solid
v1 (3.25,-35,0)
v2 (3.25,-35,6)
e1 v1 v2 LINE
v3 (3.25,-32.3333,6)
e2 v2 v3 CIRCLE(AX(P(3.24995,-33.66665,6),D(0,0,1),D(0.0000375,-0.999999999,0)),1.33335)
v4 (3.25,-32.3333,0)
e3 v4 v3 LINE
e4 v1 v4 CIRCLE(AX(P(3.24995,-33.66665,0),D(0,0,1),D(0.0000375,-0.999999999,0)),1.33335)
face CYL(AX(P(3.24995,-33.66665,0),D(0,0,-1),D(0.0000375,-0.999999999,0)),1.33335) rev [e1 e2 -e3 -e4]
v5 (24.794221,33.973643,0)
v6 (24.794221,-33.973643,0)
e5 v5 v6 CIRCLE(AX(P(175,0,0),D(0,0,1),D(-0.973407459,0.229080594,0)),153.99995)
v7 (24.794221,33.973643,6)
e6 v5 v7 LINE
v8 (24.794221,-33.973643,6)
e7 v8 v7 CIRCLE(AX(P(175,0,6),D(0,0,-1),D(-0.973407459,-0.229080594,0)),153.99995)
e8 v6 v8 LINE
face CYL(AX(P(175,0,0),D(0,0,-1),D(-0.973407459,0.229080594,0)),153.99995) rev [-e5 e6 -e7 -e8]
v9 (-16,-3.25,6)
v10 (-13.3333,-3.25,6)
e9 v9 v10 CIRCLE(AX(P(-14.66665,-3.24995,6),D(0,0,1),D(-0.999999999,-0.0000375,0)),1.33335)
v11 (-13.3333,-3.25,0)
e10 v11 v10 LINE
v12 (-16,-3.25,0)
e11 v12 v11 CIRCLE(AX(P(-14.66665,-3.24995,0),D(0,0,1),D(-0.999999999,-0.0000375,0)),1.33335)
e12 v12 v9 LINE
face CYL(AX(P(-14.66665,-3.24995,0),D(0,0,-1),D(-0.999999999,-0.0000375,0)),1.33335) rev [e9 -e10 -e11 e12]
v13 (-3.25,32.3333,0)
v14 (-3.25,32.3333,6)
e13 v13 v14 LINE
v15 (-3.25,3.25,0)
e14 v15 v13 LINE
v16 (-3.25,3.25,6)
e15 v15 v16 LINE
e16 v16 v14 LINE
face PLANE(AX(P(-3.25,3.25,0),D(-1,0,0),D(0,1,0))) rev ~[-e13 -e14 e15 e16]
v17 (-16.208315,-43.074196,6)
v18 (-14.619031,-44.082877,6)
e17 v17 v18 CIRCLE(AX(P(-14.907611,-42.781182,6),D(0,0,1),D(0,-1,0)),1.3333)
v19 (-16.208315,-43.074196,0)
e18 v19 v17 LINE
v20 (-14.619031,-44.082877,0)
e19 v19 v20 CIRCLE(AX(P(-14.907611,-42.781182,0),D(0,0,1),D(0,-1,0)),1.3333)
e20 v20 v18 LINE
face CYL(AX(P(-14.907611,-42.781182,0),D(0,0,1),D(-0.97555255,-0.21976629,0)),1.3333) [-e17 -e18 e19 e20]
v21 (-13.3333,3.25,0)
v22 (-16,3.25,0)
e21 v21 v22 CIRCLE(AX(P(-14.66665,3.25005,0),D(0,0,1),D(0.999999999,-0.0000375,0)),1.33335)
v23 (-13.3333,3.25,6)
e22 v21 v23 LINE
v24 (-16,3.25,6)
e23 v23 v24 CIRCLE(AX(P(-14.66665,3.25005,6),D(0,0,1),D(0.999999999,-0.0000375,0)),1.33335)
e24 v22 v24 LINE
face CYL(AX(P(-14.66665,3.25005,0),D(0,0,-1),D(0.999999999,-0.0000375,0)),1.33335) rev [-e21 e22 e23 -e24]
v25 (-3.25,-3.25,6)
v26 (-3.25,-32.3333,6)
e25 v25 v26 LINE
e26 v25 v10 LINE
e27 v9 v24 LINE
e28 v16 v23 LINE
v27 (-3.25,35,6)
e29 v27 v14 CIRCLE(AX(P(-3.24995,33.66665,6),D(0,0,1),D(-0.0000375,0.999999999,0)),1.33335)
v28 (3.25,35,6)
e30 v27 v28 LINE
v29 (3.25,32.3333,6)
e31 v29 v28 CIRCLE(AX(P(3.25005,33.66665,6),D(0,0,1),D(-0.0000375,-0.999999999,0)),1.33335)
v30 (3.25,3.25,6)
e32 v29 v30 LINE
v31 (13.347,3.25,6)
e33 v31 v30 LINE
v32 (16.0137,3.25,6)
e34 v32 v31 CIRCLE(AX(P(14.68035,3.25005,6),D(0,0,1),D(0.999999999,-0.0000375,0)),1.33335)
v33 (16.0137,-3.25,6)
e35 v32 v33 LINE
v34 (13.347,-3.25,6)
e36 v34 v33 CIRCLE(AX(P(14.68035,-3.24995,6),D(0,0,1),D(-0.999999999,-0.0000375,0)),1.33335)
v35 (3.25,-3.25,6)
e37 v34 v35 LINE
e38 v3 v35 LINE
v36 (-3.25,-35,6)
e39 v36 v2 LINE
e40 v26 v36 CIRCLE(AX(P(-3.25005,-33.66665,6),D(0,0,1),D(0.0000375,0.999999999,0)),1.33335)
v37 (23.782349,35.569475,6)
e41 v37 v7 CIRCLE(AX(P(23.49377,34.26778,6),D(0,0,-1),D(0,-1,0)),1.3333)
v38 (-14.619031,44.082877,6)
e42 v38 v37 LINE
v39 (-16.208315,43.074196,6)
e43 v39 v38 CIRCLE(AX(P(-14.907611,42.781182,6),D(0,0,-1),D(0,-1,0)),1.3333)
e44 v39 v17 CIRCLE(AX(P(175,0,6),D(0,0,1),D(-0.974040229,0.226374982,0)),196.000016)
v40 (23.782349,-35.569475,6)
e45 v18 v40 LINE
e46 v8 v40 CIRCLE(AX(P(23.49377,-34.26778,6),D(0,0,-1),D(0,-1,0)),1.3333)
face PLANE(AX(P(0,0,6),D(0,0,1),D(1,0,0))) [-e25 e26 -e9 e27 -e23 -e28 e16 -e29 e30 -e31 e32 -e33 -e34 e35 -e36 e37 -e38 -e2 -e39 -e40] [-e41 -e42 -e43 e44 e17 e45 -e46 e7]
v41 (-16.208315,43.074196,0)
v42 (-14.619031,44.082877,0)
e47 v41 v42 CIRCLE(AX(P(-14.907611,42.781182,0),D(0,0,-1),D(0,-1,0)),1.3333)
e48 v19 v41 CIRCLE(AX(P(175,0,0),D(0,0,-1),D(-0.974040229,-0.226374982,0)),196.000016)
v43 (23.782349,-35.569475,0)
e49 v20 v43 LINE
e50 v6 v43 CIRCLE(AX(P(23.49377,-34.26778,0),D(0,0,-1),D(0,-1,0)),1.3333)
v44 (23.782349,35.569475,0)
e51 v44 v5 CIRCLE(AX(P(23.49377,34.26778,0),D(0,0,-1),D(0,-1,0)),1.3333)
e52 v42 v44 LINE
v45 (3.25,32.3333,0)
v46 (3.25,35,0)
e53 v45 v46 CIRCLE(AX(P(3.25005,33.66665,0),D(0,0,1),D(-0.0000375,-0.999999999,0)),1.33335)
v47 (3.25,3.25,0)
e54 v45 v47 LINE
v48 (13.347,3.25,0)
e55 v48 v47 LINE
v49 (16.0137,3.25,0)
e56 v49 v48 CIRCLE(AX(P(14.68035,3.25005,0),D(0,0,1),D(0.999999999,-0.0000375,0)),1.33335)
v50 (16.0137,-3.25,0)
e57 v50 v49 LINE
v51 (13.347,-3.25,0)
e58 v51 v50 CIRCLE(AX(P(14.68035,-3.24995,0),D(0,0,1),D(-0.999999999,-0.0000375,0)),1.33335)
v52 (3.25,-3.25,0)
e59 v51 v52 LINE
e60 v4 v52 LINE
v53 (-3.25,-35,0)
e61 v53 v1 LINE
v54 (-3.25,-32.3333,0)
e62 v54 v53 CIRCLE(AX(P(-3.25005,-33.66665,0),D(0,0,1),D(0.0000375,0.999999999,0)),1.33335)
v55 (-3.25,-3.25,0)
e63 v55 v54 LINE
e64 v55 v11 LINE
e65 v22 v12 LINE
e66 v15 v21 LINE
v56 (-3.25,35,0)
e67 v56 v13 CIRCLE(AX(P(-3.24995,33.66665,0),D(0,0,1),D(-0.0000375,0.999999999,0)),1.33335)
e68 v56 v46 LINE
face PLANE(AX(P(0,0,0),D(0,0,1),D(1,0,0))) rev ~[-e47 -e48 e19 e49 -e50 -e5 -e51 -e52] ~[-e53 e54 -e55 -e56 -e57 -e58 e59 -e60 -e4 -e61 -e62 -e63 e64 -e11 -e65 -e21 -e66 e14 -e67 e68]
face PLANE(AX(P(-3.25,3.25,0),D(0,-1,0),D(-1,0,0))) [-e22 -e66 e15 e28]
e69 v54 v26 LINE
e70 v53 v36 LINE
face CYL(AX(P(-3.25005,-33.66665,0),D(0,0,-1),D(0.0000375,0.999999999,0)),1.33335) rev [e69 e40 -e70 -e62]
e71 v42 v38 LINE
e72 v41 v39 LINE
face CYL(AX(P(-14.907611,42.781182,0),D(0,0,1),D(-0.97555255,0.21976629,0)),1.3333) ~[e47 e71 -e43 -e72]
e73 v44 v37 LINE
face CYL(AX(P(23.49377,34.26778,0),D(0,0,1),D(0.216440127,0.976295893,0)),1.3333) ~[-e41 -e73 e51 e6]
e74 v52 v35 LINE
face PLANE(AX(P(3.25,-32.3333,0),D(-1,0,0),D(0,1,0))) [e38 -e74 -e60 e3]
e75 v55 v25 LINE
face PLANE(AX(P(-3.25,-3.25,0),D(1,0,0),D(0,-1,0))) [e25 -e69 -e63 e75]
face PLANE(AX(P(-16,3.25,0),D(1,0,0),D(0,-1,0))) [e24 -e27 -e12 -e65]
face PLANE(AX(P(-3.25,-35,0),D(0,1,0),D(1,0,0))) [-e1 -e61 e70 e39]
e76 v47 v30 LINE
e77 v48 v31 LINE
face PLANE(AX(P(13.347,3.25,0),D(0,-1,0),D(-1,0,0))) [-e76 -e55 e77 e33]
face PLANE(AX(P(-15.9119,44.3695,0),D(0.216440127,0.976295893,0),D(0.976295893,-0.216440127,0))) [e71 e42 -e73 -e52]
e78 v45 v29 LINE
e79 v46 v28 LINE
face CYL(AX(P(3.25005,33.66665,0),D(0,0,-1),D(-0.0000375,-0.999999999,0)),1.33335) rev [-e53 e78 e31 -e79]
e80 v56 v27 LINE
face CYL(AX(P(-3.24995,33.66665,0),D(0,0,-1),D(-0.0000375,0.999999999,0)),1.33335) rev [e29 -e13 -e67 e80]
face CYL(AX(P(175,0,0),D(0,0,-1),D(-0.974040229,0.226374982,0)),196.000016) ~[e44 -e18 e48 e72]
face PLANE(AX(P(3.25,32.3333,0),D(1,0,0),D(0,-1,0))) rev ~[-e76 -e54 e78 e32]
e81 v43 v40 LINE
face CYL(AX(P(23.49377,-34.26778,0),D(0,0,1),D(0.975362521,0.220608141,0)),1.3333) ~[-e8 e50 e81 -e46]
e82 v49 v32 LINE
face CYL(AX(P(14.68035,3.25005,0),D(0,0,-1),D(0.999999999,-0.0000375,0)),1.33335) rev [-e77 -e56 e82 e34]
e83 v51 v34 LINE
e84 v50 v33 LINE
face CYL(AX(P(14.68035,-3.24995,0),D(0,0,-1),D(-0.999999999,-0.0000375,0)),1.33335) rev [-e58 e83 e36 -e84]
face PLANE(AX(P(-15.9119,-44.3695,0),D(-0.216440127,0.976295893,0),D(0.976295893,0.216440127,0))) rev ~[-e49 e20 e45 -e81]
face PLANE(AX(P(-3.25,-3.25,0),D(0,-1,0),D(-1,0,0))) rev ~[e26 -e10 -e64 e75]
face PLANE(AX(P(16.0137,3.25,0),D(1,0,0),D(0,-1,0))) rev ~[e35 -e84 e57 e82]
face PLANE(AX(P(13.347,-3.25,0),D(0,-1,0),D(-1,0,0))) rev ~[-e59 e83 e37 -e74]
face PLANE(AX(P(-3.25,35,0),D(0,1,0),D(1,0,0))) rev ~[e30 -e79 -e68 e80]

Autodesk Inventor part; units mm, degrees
ref_plane "YZ Plane" through (0, 0, 0) normal (1, 0, 0) x (0, 1, 0)
ref_plane "XZ Plane" through (0, 0, 0) normal (0, 1, 0) x (-1, 0, 0)
ref_plane "XY Plane" through (0, 0, 0) normal (0, 0, 1) x (1, 0, 0)
sketch "Sketch1" plane through (0, 0, 0) normal (0, 0, 1) x (1, 0, 0)
  line L0 (-3.25, 35) -> (3.25, 35)
  arc A0 (-13.3333, 3.25) -> (-16, 3.25) centre (-14.6667, 3.25) ccw
  arc A1 (16.0137, 3.25) -> (13.347, 3.25) centre (14.6803, 3.25) ccw
  arc A2 (-3.25, 35) -> (-3.25, 32.3333) centre (-3.25, 33.6667) ccw
  arc A3 (3.25, 32.3333) -> (3.25, 35) centre (3.25, 33.6667) ccw
  line L1 (3.25, 32.3333) -> (3.25, 3.25)
  line L2 (-3.25, 3.25) -> (-3.25, 32.3333)
  line L3 (13.347, 3.25) -> (3.25, 3.25)
  line L4 (-3.25, 3.25) -> (-13.3333, 3.25)
  line L5 (-15.9119, 44.3695) -> (25.0953, 35.2784)
  line L6 (-15.9119, -44.3695) -> (25.0953, -35.2784)
  line L7 (107.2341, 51.0746) -> (107.2341, -58.8764)
  arc A4 (-15.9119, 44.3695) -> (-15.9119, -44.3695) centre (175, 0) ccw
  arc A5 (25.0953, 35.2784) -> (25.0953, -35.2784) centre (175, 0) ccw
  line L8 (-24.8255, 0) -> (30.5939, 0)
  line L9 (-16, 3.25) -> (-16, 0)
  line L10 (16.0137, 3.25) -> (16.0137, 0)
  line L11 (-3.25, -35) -> (3.25, -35)
  arc A6 (-16, -3.25) -> (-13.3333, -3.25) centre (-14.6667, -3.25) ccw
  arc A7 (13.347, -3.25) -> (16.0137, -3.25) centre (14.6803, -3.25) ccw
  arc A8 (-3.25, -32.3333) -> (-3.25, -35) centre (-3.25, -33.6667) ccw
  arc A9 (3.25, -35) -> (3.25, -32.3333) centre (3.25, -33.6667) ccw
  line L12 (3.25, -32.3333) -> (3.25, -3.25)
  line L13 (-3.25, -3.25) -> (-3.25, -32.3333)
  line L14 (13.347, -3.25) -> (3.25, -3.25)
  line L15 (-3.25, -3.25) -> (-13.3333, -3.25)
  line L16 (-16, -3.25) -> (-16, 0)
  line L17 (16.0137, -3.25) -> (16.0137, 0)
  point P0 (0, 0)
  dimension "d3" = 1.3333
  dimension "d4" = 2.6667
  dimension "d14" = 2.6667
  dimension "d15" = 1.3333
  dimension "d26" = 392
  dimension "d30" = 5
  dimension "d38" = 0
  dimension "d40" = 10.097
  dimension "d41" = 0
  dimension "d42" = 3.25
  dimension "d43" = 0
extrude "Extrusion1" add sketch "Sketch1" along normal blind 6 contours A2 L2 L4 A0 L9 L8 A4 L5 A5 L10 A1 L3 L1 A3 L0 | L16 A6 L15 L13 A8 L11 A9 L12 L14 A7 L17 L8 A5 L6 A4
fillet "Fillet1" radius 1.3333 4 edges at (-15.9119, -44.3695, 3) (25.0953, -35.2784, 3) (25.0953, 35.2784, 3) (-15.9119, 44.3695, 3)
properties part number "Feet"
